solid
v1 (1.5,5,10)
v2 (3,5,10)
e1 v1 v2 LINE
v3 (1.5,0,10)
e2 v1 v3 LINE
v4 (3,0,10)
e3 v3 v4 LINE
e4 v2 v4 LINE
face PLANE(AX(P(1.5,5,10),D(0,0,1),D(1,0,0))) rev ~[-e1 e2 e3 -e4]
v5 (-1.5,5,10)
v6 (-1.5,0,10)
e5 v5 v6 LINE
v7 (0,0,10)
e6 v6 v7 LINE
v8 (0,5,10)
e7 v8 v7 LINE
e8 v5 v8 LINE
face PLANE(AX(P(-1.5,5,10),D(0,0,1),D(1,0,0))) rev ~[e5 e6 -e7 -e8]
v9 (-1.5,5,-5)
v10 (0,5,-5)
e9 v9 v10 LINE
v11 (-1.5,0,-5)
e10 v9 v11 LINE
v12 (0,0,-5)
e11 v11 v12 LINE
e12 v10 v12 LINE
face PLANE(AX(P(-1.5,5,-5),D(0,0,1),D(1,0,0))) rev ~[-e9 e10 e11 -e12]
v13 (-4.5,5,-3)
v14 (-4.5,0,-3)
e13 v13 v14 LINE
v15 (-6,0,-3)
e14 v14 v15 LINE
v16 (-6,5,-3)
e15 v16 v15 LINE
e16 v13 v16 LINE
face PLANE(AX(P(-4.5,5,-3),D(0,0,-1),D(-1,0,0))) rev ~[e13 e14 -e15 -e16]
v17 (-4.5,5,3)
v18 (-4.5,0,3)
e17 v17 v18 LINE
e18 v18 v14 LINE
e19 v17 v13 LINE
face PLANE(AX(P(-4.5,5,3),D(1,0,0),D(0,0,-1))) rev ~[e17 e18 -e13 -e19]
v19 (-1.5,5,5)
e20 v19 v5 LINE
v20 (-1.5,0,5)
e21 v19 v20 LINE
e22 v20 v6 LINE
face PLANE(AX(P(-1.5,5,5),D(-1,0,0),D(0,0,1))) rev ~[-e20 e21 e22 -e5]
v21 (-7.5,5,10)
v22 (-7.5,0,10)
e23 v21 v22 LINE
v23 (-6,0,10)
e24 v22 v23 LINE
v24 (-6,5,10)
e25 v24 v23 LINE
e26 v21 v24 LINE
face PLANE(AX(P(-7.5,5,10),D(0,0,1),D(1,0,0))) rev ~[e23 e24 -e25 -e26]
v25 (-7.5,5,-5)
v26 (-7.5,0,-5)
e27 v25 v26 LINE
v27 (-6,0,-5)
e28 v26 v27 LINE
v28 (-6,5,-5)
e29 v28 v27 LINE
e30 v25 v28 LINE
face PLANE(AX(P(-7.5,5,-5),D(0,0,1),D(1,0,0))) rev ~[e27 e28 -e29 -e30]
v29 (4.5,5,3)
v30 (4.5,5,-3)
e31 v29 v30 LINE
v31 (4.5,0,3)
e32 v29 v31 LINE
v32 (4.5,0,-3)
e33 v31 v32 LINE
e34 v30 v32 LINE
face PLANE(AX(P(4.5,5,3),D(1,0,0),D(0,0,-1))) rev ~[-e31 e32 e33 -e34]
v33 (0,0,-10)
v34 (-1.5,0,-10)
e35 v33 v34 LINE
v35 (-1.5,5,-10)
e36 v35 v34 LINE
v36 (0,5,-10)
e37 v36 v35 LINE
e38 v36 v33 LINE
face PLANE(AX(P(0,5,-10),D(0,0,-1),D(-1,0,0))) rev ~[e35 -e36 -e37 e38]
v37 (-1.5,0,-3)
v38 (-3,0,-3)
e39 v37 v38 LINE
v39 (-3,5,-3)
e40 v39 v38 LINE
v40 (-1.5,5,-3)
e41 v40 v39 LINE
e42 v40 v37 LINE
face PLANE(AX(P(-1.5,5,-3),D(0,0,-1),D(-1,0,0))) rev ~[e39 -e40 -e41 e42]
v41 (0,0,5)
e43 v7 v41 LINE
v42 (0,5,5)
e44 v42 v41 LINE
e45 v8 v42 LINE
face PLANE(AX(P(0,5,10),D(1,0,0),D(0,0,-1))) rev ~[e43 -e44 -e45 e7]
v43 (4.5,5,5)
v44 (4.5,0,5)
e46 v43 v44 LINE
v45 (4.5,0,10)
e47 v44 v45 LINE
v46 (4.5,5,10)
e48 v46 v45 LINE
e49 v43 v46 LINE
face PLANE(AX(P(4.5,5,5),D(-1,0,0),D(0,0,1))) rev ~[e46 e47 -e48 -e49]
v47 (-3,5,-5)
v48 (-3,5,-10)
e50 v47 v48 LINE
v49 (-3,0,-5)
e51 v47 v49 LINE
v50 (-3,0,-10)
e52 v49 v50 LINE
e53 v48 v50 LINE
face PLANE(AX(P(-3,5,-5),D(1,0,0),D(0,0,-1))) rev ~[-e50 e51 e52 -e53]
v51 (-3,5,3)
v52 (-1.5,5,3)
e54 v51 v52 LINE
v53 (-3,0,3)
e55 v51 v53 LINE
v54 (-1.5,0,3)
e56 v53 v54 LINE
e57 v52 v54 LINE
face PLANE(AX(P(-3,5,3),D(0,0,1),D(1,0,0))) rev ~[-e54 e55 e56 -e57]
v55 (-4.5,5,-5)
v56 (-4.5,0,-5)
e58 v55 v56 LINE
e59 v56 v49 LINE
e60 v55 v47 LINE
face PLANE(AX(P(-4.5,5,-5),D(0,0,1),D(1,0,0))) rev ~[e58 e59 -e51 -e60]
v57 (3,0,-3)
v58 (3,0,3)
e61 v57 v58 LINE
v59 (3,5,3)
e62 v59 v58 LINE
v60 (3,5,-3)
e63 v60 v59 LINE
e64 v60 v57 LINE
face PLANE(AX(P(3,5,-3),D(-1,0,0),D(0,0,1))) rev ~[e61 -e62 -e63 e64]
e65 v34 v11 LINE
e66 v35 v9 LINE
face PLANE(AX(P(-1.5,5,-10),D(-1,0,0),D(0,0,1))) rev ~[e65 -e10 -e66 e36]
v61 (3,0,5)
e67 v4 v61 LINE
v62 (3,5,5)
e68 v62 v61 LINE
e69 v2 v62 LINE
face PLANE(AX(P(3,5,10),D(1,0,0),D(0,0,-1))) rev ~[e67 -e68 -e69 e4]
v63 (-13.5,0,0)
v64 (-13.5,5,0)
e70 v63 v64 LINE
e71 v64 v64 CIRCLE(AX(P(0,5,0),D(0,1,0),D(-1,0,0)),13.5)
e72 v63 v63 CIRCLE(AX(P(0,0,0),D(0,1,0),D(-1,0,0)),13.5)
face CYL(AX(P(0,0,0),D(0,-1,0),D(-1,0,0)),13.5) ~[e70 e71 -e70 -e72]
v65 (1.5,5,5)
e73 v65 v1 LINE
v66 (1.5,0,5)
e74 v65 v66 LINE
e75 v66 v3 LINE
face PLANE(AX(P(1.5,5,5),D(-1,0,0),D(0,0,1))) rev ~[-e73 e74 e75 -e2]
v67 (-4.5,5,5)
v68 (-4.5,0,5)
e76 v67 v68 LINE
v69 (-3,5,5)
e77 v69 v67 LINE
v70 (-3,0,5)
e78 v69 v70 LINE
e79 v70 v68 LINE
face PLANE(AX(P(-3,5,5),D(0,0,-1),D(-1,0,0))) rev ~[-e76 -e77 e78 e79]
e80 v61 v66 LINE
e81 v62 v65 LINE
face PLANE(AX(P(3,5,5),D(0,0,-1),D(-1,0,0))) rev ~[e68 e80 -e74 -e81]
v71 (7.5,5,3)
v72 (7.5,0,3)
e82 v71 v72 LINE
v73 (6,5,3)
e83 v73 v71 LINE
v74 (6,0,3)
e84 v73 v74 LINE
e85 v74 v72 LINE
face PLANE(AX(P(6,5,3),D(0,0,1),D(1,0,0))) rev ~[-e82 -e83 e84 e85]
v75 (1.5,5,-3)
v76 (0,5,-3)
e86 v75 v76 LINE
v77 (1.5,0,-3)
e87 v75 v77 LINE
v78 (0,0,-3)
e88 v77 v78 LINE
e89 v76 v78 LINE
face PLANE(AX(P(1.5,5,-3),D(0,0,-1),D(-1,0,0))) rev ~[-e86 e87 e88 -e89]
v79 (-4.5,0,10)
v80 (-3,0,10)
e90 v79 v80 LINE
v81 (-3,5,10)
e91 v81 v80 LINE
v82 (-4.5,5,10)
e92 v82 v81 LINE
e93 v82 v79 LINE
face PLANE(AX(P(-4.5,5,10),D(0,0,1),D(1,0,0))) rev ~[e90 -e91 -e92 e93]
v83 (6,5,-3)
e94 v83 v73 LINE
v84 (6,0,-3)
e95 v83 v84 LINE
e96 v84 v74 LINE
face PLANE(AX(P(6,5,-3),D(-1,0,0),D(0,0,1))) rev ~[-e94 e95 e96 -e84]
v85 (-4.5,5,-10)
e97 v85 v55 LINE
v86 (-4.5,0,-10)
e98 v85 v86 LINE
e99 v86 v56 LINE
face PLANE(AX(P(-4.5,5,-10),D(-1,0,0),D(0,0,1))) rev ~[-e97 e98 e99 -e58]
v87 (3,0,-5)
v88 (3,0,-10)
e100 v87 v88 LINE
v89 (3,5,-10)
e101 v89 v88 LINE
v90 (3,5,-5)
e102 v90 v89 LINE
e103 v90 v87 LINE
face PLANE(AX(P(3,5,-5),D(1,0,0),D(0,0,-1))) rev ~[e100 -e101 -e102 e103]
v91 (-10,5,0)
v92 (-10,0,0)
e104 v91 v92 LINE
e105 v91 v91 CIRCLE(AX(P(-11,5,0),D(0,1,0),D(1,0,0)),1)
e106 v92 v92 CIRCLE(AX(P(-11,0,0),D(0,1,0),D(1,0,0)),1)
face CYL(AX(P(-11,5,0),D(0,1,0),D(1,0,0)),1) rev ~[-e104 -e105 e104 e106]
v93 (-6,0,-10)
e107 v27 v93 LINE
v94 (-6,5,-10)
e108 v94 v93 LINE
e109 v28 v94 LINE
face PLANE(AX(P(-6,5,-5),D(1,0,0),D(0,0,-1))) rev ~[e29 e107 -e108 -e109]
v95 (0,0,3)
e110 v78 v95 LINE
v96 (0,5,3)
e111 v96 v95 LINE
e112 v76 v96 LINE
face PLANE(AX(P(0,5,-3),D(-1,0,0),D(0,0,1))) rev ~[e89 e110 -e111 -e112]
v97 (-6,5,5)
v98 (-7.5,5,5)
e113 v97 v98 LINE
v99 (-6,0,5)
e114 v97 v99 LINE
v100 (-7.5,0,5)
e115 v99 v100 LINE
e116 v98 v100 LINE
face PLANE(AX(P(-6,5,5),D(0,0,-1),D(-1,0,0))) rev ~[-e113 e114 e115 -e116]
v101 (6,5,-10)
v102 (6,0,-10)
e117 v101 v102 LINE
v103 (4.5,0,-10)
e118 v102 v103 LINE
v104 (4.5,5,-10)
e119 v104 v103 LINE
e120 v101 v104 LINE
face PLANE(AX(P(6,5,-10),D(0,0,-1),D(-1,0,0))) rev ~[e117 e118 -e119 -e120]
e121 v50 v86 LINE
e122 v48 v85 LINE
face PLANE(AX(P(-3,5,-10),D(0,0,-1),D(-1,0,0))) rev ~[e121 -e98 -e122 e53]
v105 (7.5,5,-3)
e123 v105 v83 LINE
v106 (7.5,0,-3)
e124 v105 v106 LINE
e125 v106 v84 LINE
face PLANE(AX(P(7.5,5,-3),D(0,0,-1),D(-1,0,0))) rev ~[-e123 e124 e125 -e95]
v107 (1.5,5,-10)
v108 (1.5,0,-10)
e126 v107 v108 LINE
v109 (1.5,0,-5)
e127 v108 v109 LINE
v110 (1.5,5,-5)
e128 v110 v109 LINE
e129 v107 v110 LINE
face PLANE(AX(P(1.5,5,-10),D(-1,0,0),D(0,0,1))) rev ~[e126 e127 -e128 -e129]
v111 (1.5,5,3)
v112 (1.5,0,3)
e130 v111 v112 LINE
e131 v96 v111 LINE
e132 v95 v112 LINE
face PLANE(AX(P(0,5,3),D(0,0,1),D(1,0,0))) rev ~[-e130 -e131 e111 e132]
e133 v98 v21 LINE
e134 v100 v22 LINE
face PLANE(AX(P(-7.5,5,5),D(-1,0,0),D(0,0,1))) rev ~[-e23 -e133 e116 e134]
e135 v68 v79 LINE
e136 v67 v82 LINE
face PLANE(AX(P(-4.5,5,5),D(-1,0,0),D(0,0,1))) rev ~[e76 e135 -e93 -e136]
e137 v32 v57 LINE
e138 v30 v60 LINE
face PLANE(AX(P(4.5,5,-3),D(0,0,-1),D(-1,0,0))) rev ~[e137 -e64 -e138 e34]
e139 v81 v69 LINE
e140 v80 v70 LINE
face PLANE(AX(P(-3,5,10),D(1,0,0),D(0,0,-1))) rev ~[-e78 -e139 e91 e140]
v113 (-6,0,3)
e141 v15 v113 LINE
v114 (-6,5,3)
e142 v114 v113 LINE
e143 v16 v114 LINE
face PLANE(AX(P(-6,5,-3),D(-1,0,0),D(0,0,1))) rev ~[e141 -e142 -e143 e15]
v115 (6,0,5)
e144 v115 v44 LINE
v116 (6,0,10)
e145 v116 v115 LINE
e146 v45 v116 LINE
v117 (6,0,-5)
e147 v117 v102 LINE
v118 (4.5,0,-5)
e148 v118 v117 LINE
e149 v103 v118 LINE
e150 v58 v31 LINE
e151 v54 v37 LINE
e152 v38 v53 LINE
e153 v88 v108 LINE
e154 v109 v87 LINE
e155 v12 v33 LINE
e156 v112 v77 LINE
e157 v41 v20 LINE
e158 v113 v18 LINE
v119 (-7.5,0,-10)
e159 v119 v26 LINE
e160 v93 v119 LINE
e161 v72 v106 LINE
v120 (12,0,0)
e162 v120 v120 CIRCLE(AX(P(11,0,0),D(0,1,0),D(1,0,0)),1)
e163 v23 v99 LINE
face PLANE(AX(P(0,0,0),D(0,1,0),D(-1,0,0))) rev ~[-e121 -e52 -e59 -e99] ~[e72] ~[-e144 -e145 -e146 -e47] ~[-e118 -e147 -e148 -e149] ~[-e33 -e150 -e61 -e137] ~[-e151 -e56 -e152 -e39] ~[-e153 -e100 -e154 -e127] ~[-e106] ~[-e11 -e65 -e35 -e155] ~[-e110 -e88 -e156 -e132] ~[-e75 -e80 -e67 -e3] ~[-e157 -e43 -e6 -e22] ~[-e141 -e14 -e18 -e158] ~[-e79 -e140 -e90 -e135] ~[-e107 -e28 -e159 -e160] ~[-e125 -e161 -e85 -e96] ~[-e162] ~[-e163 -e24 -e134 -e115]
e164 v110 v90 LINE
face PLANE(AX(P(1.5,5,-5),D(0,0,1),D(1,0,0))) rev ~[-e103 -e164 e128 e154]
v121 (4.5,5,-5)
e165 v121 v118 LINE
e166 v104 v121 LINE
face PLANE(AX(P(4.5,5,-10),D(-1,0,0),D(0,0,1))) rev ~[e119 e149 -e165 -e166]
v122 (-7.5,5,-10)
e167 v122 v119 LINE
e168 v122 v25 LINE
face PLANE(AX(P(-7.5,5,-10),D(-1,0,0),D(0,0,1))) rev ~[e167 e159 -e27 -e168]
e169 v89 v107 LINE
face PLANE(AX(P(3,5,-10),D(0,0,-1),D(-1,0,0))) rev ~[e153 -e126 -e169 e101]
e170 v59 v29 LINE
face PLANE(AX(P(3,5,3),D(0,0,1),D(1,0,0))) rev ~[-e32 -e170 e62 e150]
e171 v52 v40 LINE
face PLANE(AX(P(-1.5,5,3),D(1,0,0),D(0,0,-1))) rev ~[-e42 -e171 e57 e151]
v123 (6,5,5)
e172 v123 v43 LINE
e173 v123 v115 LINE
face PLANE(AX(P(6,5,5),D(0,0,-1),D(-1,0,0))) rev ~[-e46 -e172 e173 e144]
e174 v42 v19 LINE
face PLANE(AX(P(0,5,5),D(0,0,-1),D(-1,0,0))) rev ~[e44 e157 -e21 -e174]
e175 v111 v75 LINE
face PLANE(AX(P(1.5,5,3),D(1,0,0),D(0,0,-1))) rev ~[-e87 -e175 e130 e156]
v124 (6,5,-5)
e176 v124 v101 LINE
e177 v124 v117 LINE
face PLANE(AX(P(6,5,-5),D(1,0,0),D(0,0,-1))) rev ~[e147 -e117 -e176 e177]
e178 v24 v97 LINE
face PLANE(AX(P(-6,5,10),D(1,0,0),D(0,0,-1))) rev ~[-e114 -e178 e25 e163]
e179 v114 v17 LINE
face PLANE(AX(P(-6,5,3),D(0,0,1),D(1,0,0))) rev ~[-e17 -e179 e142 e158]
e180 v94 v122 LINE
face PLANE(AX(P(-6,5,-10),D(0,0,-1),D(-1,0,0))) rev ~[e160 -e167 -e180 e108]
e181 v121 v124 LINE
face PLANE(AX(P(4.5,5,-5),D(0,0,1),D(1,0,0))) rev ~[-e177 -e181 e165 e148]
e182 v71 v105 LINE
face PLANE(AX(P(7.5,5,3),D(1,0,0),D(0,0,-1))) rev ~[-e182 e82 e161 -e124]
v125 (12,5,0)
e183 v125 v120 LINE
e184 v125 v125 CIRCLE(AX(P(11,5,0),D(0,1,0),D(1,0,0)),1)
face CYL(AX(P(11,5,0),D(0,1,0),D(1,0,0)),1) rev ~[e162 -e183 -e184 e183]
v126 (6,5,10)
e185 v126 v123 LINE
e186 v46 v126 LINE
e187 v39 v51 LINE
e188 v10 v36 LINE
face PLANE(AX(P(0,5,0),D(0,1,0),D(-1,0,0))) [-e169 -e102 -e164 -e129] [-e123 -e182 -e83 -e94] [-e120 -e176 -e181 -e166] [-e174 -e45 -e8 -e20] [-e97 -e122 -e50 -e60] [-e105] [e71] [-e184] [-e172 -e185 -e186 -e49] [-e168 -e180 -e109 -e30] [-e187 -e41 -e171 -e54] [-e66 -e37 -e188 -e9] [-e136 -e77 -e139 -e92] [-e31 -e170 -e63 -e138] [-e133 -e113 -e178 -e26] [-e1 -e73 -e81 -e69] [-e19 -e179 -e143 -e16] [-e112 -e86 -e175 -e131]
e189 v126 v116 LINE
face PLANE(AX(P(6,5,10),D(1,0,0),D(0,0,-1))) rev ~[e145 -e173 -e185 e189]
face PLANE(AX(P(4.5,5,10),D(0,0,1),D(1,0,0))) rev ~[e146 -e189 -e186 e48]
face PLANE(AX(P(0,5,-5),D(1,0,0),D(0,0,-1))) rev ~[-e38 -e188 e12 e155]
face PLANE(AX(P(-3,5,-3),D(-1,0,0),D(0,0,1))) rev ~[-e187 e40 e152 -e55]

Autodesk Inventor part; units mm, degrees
ref_plane "YZ Plane" through (0, 0, 0) normal (1, 0, 0) x (0, 1, 0)
ref_plane "XZ Plane" through (0, 0, 0) normal (0, 1, 0) x (-1, 0, 0)
ref_plane "XY Plane" through (0, 0, 0) normal (0, 0, 1) x (1, 0, 0)
sketch "Sketch1" plane through (0, 0, 0) normal (0, 1, 0) x (-1, 0, 0)
  circle A0 centre (0, 0) radius 13.5
  dimension "d0" = 27
extrude "Extrusion1" add sketch "Sketch1" along normal blind 5
sketch "Sketch2" plane through (0, 5, 0) normal (0, 1, 0) x (1, 0, 0)
  line L0 (7.5, -10) -> (7.5, 10)
  line L1 (7.5, 10) -> (-7.5, 10)
  circle A0 centre (0, 0) radius 13.5 projected
  line L2 (-7.5, -10) -> (-6, -10)
  line L3 (-6, -10) -> (-6, -5)
  line L4 (-6, -5) -> (-7.5, -5)
  line L5 (-7.5, -5) -> (-7.5, -10)
  line L6 (-7.5, 5) -> (-6, 5)
  line L7 (-6, 5) -> (-6, 10)
  line L8 (-6, 10) -> (-7.5, 10)
  line L9 (-7.5, 10) -> (-7.5, 5)
  line L10 (-6, -3) -> (-4.5, -3)
  line L11 (-4.5, -3) -> (-4.5, 3)
  line L12 (-4.5, 3) -> (-6, 3)
  line L13 (-6, 3) -> (-6, -3)
  line L14 (-4.5, -10) -> (-3, -10)
  line L15 (-3, -10) -> (-3, -5)
  line L16 (-3, -5) -> (-4.5, -5)
  line L17 (-4.5, -5) -> (-4.5, -10)
  line L18 (-4.5, 5) -> (-3, 5)
  line L19 (-4.5, 10) -> (-4.5, 5)
  line L20 (-3, 5) -> (-3, 10)
  line L21 (-3, 10) -> (-4.5, 10)
  line L22 (-3, -3) -> (-1.5, -3)
  line L23 (-1.5, -3) -> (-1.5, 3)
  line L24 (-1.5, 3) -> (-3, 3)
  line L25 (-3, 3) -> (-3, -3)
  line L26 (-1.5, -10) -> (0, -10)
  line L27 (0, -10) -> (0, -5)
  line L28 (0, -5) -> (-1.5, -5)
  line L29 (-1.5, -5) -> (-1.5, -10)
  line L30 (-1.5, 5) -> (0, 5)
  line L31 (-1.5, 10) -> (-1.5, 5)
  line L32 (0, 5) -> (0, 10)
  line L33 (0, 10) -> (-1.5, 10)
  line L34 (0, -3) -> (1.5, -3)
  line L35 (1.5, -3) -> (1.5, 3)
  line L36 (1.5, 3) -> (0, 3)
  line L37 (0, 3) -> (0, -3)
  line L38 (1.5, -10) -> (3, -10)
  line L39 (3, -10) -> (3, -5)
  line L40 (3, -5) -> (1.5, -5)
  line L41 (1.5, -5) -> (1.5, -10)
  line L42 (1.5, 5) -> (3, 5)
  line L43 (1.5, 10) -> (1.5, 5)
  line L44 (3, 5) -> (3, 10)
  line L45 (3, 10) -> (1.5, 10)
  line L46 (3, -3) -> (4.5, -3)
  line L47 (4.5, -3) -> (4.5, 3)
  line L48 (4.5, 3) -> (3, 3)
  line L49 (3, 3) -> (3, -3)
  line L50 (4.5, -10) -> (6, -10)
  line L51 (6, -10) -> (6, -5)
  line L52 (6, -5) -> (4.5, -5)
  line L53 (4.5, -5) -> (4.5, -10)
  line L54 (4.5, 5) -> (6, 5)
  line L55 (4.5, 10) -> (4.5, 5)
  line L56 (6, 5) -> (6, 10)
  line L57 (6, 10) -> (4.5, 10)
  line L58 (6, -3) -> (7.5, -3)
  line L59 (7.5, -3) -> (7.5, 3)
  line L60 (7.5, 3) -> (6, 3)
  line L61 (6, 3) -> (6, -3)
  line L62 (-7.5, -10) -> (-7.5, 10)
  line L63 (7.5, -10) -> (-7.5, -10)
  point P0 (-4.5, 5)
  point P1 (-1.5, 5)
  point P2 (1.5, -5)
  point P3 (1.5, 5)
  point P4 (4.5, -5)
  point P5 (4.5, 5)
  point P6 (7.5, -5)
  point P7 (7.5, 5)
  dimension "d4" = 20
  dimension "d5" = 15
  dimension "d8" = 1.5
  dimension "d9" = 5
  dimension "d10" = 1.5
  dimension "d11" = 5
  dimension "d14" = 1.5
  dimension "d16" = 2
  dimension "d25" = 1.5
  dimension "d26" = 5
  dimension "d27" = 1.5
  dimension "d29" = 1.5
  dimension "d31" = 1.5
  dimension "d32" = 5
  dimension "d33" = 1.5
  dimension "d35" = 1.5
  dimension "d37" = 1.5
  dimension "d38" = 5
  dimension "d39" = 1.5
  dimension "d41" = 1.5
  dimension "d43" = 1.5
  dimension "d44" = 5
  dimension "d45" = 1.5
  dimension "d47" = 1.5
  dimension "d49" = 20
  dimension "d50" = 15
extrude "Extrusion2" cut sketch "Sketch2" against normal blind 5 contours L58 L61 L60 L0 | L50 L53 L52 L51 | L38 L41 L40 L39 | L56 L54 L55 L1 | L26 L29 L28 L27 | L44 L42 L43 L1 | L14 L17 L16 L15 | L32 L30 L31 L1 | L2 L5 L4 L3 | L20 L18 L19 L1 | L7 L6 L9 L1 | L13 L12 L11 L10 | L25 L24 L23 L22 | L37 L36 L35 L34 | L49 L48 L47 L46
sketch "Sketch3" plane through (0, 5, 0) normal (0, 1, 0) x (1, 0, 0)
  point P0 (0, 0)
sketch "Sketch4" plane through (0, 5, 0) normal (0, 1, 0) x (1, 0, 0)
  point P0 (0, 0)
sketch "Sketch5" plane through (0, 5, 0) normal (0, 1, 0) x (1, 0, 0)
  point P0 (0, 0)
sketch "Sketch6" plane through (0, 5, 0) normal (0, 1, 0) x (1, 0, 0)
  circle A0 centre (-11, 0) radius 1
  circle A1 centre (0, 0) radius 13.5 projected
  circle A2 centre (11, 0) radius 1
  line L0 (0, -3) -> (0, 3) projected
  dimension "d53" = 2
  dimension "d54" = 11
  dimension "d55" = 2
  dimension "d56" = 11
extrude "Extrusion3" cut sketch "Sketch6" against normal blind 5 contours A0 | A2
properties part number "Acrylic_Seperator"
